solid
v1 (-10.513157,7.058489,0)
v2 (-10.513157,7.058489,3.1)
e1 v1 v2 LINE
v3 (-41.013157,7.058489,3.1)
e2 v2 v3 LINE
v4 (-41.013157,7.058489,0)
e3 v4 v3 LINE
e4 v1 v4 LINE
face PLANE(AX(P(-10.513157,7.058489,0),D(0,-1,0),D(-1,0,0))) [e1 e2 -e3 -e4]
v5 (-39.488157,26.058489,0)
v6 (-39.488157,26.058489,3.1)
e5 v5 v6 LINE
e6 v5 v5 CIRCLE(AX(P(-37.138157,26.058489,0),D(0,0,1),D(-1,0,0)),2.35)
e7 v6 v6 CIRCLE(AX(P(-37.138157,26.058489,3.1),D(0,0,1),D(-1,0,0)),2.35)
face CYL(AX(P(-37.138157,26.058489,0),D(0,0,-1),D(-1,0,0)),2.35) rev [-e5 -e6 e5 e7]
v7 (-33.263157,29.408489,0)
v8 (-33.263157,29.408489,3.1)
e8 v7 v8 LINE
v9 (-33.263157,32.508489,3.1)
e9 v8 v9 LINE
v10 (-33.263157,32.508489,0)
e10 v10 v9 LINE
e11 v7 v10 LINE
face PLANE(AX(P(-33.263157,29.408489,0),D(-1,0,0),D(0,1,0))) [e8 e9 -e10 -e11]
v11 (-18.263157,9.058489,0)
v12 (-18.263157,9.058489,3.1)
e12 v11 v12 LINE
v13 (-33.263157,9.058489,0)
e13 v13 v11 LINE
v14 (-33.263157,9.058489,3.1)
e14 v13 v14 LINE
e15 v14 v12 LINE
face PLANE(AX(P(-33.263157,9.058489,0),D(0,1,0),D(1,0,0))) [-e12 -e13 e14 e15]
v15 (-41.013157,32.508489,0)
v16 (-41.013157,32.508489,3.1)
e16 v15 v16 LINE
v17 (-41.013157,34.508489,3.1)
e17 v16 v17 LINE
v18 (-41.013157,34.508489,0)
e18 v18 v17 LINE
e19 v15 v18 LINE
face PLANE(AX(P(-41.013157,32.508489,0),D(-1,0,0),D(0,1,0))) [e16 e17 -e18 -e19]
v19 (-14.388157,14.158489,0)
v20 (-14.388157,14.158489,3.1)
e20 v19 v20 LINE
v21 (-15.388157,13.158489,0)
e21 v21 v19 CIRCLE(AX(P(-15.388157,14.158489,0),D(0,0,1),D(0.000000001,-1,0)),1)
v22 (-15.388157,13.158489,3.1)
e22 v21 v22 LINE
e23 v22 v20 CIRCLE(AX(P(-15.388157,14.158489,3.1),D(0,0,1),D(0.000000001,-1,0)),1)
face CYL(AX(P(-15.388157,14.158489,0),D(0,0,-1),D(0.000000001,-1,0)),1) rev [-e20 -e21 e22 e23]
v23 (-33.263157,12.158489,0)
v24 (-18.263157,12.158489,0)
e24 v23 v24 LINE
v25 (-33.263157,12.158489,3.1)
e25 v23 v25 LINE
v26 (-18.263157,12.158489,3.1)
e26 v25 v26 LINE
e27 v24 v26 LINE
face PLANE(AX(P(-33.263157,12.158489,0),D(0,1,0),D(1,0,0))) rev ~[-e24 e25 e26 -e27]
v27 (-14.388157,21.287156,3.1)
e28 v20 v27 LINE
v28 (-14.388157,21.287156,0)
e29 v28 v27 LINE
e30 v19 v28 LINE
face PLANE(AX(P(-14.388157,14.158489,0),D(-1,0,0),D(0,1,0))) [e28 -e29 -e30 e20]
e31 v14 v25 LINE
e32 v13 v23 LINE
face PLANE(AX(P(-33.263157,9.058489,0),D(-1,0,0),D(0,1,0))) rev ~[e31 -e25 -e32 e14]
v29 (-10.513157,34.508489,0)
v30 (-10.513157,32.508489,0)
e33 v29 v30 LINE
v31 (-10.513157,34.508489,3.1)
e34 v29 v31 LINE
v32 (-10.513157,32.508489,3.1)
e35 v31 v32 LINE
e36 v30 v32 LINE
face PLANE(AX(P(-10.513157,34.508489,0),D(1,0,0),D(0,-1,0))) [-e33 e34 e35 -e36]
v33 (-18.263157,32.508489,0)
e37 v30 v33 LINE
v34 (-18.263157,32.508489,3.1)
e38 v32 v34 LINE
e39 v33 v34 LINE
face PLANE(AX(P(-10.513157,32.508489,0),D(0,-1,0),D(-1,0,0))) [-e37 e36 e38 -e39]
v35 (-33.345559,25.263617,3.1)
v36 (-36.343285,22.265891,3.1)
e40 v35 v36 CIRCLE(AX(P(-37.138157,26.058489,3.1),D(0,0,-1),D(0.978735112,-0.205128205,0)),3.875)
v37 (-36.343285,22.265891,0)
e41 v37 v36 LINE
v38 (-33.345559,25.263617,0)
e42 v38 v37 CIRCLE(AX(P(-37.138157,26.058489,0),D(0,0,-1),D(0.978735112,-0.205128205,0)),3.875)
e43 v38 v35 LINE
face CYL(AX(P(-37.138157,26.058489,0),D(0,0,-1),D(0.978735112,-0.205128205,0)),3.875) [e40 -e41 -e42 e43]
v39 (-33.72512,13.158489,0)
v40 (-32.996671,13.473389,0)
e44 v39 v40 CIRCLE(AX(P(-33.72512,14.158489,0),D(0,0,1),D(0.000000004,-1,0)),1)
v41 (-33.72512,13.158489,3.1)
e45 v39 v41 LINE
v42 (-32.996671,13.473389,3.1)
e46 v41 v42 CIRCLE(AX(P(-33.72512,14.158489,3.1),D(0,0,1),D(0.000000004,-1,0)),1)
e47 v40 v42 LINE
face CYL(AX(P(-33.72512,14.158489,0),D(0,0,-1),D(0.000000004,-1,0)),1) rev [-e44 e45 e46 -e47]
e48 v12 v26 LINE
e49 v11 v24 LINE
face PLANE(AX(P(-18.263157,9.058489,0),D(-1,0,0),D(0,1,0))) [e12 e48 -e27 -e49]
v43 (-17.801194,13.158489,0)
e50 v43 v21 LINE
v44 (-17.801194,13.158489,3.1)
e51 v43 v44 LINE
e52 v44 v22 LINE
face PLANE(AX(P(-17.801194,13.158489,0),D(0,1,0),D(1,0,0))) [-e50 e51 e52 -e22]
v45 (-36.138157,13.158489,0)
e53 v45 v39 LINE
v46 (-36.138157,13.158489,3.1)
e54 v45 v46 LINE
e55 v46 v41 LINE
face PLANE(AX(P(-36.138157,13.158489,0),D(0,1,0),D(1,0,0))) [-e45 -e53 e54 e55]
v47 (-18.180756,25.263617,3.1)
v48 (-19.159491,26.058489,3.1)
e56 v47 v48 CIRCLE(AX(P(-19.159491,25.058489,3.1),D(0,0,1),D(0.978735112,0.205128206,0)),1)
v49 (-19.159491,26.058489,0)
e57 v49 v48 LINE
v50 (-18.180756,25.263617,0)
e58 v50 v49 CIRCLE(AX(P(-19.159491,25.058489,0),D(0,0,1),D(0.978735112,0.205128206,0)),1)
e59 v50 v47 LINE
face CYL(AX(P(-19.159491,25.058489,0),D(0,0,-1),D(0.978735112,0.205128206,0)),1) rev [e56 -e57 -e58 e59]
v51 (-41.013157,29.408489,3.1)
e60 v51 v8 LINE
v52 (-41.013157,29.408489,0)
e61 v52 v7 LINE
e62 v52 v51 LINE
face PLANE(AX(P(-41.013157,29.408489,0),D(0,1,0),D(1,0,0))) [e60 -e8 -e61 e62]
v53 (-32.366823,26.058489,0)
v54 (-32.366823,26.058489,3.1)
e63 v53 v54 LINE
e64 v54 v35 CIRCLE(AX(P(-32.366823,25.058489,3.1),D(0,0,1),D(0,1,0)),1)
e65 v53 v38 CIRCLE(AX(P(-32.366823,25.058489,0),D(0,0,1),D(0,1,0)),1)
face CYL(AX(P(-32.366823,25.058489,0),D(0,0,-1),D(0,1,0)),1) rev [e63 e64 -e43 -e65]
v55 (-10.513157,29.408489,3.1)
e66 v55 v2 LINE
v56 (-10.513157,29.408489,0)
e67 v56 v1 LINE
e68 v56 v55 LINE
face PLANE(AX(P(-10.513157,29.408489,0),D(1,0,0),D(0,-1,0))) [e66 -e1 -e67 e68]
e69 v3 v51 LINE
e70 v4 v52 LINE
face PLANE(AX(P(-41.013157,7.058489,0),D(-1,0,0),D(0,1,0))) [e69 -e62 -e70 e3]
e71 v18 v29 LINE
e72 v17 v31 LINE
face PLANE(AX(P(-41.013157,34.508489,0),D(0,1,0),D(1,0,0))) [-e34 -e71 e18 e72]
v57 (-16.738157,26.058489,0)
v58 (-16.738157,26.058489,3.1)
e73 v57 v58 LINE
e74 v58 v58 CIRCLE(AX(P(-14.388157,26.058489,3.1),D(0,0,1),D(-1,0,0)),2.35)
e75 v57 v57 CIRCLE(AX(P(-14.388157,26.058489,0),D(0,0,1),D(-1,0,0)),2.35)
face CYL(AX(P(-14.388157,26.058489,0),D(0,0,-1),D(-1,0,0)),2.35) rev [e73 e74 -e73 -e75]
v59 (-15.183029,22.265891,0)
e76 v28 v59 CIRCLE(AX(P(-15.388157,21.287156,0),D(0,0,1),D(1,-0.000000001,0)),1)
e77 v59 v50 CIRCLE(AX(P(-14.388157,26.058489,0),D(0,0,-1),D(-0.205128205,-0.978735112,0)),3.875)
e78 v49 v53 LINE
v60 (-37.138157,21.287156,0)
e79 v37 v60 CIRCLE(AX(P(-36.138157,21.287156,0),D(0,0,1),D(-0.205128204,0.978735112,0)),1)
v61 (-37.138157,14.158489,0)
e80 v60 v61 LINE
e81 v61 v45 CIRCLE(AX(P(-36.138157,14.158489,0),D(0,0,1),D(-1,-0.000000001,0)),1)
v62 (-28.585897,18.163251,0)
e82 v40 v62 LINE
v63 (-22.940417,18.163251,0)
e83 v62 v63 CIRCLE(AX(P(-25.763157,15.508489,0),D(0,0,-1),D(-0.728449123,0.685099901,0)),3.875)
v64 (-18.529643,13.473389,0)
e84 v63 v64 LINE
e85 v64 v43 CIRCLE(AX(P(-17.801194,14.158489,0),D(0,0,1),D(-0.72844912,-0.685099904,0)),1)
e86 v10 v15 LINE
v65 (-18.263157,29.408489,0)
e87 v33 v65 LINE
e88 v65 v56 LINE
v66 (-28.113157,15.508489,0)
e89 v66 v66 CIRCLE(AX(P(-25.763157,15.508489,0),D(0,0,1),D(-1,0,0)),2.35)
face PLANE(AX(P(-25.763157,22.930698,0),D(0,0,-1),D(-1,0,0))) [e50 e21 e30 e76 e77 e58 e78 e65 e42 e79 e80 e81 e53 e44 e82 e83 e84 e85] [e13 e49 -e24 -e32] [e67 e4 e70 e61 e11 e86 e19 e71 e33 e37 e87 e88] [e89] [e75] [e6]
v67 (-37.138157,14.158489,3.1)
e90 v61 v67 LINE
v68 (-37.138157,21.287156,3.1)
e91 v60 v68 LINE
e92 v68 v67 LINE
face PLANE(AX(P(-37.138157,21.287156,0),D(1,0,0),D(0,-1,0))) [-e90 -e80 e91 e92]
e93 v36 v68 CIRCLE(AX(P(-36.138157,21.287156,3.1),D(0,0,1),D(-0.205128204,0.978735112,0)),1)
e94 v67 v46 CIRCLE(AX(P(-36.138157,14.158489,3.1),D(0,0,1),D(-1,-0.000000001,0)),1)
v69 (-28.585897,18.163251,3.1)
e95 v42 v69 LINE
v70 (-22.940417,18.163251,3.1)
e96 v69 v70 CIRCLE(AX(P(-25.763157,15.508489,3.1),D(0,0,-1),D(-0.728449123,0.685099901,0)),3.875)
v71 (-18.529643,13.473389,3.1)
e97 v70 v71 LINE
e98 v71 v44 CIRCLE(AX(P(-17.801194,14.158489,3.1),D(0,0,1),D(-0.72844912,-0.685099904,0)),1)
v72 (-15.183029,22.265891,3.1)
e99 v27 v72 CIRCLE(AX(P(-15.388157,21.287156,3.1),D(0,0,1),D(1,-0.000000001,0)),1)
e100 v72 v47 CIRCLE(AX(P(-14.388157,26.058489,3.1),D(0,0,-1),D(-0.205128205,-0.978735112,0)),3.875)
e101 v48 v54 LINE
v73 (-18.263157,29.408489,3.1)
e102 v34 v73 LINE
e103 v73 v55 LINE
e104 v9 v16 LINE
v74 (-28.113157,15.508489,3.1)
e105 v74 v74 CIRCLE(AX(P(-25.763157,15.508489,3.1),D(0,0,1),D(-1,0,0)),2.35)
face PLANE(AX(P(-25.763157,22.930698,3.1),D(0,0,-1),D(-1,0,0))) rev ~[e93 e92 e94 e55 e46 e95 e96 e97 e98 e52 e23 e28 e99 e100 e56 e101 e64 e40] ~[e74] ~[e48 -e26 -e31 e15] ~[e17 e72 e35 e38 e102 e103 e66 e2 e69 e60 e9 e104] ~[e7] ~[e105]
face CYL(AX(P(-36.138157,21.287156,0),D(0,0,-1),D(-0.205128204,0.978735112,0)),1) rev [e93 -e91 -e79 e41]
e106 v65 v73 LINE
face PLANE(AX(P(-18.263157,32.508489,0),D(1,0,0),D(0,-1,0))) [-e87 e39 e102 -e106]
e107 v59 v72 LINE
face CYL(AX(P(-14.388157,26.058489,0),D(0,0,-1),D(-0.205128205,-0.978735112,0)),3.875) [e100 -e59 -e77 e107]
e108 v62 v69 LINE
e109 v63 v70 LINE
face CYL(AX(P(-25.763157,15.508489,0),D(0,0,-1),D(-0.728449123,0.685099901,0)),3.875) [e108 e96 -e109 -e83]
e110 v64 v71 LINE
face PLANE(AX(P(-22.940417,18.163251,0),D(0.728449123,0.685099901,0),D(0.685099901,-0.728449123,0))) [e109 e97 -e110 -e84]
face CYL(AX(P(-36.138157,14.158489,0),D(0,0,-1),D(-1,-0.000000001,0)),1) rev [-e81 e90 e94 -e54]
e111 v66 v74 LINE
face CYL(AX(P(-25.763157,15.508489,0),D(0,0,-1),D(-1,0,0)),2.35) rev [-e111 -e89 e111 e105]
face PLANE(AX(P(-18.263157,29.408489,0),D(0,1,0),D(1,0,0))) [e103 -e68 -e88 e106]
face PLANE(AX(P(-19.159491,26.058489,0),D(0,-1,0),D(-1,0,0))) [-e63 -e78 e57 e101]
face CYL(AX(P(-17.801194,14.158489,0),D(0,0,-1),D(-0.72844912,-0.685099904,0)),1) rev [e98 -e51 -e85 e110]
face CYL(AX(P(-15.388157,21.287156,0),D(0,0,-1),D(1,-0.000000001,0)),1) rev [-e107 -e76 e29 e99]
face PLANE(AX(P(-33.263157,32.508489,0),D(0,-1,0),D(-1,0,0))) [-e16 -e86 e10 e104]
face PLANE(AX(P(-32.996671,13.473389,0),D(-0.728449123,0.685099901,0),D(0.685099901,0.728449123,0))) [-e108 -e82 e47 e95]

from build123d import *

# Parameters (mm, degrees)
SKETCH1_R      = 2.35
SKETCH1_W      = 15
SKETCH1_H      = 3.1
EXTRUDE1_DEPTH = 3.1


with BuildPart() as part:
    # Sketch1 → Extrude1 (new body)
    with BuildSketch(Plane.XY):
        Polygon((-41.013157114, 34.508489293), (-10.513157114, 34.508489293), (-10.513157114, 32.508489293), (-18.263157114, 32.508489293), (-18.263157114, 29.408489293), (-10.513157114, 29.408489293), (-10.513157114, 7.058489293), (-41.013157114, 7.058489293), (-41.013157114, 29.408489293), (-33.263157114, 29.408489293), (-33.263157114, 32.508489293), (-41.013157114, 32.508489293), align=None)
        with Locations(Location((-14.388157114, 26.058489293, 0), (0, 0, 180))):
            Circle(SKETCH1_R, mode=Mode.SUBTRACT)
        with Locations(Location((-37.138157114, 26.058489293, 0), (0, 0, 180))):
            Circle(SKETCH1_R, mode=Mode.SUBTRACT)
        with Locations(Location((-25.763157114, 15.508489293, 0), (0, 0, 180))):
            Circle(SKETCH1_R, mode=Mode.SUBTRACT)
        with BuildLine():
            Line((-37.138157114, 21.287155622), (-37.138157114, 14.158489293))
            ThreePointArc((-37.138157114, 14.158489293), (-36.845263895, 13.451382512), (-36.138157114, 13.158489293))
            Line((-36.138157114, 13.158489293), (-33.725119975, 13.158489293))
            ThreePointArc((-33.725119975, 13.158489293), (-33.328320215, 13.240584097), (-32.996670851, 13.473389392))
            Line((-32.996670851, 13.473389392), (-28.585897467, 18.16325141))
            ThreePointArc((-28.585897467, 18.16325141), (-25.763157114, 19.383489293), (-22.940416761, 18.16325141))
            Line((-22.940416761, 18.16325141), (-18.529643377, 13.473389392))
            ThreePointArc((-18.529643377, 13.473389392), (-18.197994013, 13.240584097), (-17.801194253, 13.158489293))
            Line((-17.801194253, 13.158489293), (-15.388157114, 13.158489293))
            ThreePointArc((-15.388157114, 13.158489293), (-14.681050333, 13.451382512), (-14.388157114, 14.158489293))
            Line((-14.388157114, 14.158489293), (-14.388157114, 21.287155622))
            ThreePointArc((-14.388157114, 21.287155622), (-14.611907088, 21.917580794), (-15.183028909, 22.265890734))
            ThreePointArc((-15.183028909, 22.265890734), (-17.128195891, 23.318450516), (-18.180755673, 25.263617499))
            ThreePointArc((-18.180755673, 25.263617499), (-18.529065613, 25.834739319), (-19.159490785, 26.058489293))
            Line((-19.159490785, 26.058489293), (-32.366823443, 26.058489293))
            ThreePointArc((-32.366823443, 26.058489293), (-32.997248615, 25.834739319), (-33.345558555, 25.263617499))
            ThreePointArc((-33.345558555, 25.263617499), (-34.398118337, 23.318450516), (-36.343285319, 22.265890734))
            ThreePointArc((-36.343285319, 22.265890734), (-36.91440714, 21.917580794), (-37.138157114, 21.287155622))
        make_face(mode=Mode.SUBTRACT)
        with Locations((-25.763157114, 10.608489293)):
            Rectangle(SKETCH1_W, SKETCH1_H, mode=Mode.SUBTRACT)
    extrude(amount=EXTRUDE1_DEPTH)


solid = part.part
